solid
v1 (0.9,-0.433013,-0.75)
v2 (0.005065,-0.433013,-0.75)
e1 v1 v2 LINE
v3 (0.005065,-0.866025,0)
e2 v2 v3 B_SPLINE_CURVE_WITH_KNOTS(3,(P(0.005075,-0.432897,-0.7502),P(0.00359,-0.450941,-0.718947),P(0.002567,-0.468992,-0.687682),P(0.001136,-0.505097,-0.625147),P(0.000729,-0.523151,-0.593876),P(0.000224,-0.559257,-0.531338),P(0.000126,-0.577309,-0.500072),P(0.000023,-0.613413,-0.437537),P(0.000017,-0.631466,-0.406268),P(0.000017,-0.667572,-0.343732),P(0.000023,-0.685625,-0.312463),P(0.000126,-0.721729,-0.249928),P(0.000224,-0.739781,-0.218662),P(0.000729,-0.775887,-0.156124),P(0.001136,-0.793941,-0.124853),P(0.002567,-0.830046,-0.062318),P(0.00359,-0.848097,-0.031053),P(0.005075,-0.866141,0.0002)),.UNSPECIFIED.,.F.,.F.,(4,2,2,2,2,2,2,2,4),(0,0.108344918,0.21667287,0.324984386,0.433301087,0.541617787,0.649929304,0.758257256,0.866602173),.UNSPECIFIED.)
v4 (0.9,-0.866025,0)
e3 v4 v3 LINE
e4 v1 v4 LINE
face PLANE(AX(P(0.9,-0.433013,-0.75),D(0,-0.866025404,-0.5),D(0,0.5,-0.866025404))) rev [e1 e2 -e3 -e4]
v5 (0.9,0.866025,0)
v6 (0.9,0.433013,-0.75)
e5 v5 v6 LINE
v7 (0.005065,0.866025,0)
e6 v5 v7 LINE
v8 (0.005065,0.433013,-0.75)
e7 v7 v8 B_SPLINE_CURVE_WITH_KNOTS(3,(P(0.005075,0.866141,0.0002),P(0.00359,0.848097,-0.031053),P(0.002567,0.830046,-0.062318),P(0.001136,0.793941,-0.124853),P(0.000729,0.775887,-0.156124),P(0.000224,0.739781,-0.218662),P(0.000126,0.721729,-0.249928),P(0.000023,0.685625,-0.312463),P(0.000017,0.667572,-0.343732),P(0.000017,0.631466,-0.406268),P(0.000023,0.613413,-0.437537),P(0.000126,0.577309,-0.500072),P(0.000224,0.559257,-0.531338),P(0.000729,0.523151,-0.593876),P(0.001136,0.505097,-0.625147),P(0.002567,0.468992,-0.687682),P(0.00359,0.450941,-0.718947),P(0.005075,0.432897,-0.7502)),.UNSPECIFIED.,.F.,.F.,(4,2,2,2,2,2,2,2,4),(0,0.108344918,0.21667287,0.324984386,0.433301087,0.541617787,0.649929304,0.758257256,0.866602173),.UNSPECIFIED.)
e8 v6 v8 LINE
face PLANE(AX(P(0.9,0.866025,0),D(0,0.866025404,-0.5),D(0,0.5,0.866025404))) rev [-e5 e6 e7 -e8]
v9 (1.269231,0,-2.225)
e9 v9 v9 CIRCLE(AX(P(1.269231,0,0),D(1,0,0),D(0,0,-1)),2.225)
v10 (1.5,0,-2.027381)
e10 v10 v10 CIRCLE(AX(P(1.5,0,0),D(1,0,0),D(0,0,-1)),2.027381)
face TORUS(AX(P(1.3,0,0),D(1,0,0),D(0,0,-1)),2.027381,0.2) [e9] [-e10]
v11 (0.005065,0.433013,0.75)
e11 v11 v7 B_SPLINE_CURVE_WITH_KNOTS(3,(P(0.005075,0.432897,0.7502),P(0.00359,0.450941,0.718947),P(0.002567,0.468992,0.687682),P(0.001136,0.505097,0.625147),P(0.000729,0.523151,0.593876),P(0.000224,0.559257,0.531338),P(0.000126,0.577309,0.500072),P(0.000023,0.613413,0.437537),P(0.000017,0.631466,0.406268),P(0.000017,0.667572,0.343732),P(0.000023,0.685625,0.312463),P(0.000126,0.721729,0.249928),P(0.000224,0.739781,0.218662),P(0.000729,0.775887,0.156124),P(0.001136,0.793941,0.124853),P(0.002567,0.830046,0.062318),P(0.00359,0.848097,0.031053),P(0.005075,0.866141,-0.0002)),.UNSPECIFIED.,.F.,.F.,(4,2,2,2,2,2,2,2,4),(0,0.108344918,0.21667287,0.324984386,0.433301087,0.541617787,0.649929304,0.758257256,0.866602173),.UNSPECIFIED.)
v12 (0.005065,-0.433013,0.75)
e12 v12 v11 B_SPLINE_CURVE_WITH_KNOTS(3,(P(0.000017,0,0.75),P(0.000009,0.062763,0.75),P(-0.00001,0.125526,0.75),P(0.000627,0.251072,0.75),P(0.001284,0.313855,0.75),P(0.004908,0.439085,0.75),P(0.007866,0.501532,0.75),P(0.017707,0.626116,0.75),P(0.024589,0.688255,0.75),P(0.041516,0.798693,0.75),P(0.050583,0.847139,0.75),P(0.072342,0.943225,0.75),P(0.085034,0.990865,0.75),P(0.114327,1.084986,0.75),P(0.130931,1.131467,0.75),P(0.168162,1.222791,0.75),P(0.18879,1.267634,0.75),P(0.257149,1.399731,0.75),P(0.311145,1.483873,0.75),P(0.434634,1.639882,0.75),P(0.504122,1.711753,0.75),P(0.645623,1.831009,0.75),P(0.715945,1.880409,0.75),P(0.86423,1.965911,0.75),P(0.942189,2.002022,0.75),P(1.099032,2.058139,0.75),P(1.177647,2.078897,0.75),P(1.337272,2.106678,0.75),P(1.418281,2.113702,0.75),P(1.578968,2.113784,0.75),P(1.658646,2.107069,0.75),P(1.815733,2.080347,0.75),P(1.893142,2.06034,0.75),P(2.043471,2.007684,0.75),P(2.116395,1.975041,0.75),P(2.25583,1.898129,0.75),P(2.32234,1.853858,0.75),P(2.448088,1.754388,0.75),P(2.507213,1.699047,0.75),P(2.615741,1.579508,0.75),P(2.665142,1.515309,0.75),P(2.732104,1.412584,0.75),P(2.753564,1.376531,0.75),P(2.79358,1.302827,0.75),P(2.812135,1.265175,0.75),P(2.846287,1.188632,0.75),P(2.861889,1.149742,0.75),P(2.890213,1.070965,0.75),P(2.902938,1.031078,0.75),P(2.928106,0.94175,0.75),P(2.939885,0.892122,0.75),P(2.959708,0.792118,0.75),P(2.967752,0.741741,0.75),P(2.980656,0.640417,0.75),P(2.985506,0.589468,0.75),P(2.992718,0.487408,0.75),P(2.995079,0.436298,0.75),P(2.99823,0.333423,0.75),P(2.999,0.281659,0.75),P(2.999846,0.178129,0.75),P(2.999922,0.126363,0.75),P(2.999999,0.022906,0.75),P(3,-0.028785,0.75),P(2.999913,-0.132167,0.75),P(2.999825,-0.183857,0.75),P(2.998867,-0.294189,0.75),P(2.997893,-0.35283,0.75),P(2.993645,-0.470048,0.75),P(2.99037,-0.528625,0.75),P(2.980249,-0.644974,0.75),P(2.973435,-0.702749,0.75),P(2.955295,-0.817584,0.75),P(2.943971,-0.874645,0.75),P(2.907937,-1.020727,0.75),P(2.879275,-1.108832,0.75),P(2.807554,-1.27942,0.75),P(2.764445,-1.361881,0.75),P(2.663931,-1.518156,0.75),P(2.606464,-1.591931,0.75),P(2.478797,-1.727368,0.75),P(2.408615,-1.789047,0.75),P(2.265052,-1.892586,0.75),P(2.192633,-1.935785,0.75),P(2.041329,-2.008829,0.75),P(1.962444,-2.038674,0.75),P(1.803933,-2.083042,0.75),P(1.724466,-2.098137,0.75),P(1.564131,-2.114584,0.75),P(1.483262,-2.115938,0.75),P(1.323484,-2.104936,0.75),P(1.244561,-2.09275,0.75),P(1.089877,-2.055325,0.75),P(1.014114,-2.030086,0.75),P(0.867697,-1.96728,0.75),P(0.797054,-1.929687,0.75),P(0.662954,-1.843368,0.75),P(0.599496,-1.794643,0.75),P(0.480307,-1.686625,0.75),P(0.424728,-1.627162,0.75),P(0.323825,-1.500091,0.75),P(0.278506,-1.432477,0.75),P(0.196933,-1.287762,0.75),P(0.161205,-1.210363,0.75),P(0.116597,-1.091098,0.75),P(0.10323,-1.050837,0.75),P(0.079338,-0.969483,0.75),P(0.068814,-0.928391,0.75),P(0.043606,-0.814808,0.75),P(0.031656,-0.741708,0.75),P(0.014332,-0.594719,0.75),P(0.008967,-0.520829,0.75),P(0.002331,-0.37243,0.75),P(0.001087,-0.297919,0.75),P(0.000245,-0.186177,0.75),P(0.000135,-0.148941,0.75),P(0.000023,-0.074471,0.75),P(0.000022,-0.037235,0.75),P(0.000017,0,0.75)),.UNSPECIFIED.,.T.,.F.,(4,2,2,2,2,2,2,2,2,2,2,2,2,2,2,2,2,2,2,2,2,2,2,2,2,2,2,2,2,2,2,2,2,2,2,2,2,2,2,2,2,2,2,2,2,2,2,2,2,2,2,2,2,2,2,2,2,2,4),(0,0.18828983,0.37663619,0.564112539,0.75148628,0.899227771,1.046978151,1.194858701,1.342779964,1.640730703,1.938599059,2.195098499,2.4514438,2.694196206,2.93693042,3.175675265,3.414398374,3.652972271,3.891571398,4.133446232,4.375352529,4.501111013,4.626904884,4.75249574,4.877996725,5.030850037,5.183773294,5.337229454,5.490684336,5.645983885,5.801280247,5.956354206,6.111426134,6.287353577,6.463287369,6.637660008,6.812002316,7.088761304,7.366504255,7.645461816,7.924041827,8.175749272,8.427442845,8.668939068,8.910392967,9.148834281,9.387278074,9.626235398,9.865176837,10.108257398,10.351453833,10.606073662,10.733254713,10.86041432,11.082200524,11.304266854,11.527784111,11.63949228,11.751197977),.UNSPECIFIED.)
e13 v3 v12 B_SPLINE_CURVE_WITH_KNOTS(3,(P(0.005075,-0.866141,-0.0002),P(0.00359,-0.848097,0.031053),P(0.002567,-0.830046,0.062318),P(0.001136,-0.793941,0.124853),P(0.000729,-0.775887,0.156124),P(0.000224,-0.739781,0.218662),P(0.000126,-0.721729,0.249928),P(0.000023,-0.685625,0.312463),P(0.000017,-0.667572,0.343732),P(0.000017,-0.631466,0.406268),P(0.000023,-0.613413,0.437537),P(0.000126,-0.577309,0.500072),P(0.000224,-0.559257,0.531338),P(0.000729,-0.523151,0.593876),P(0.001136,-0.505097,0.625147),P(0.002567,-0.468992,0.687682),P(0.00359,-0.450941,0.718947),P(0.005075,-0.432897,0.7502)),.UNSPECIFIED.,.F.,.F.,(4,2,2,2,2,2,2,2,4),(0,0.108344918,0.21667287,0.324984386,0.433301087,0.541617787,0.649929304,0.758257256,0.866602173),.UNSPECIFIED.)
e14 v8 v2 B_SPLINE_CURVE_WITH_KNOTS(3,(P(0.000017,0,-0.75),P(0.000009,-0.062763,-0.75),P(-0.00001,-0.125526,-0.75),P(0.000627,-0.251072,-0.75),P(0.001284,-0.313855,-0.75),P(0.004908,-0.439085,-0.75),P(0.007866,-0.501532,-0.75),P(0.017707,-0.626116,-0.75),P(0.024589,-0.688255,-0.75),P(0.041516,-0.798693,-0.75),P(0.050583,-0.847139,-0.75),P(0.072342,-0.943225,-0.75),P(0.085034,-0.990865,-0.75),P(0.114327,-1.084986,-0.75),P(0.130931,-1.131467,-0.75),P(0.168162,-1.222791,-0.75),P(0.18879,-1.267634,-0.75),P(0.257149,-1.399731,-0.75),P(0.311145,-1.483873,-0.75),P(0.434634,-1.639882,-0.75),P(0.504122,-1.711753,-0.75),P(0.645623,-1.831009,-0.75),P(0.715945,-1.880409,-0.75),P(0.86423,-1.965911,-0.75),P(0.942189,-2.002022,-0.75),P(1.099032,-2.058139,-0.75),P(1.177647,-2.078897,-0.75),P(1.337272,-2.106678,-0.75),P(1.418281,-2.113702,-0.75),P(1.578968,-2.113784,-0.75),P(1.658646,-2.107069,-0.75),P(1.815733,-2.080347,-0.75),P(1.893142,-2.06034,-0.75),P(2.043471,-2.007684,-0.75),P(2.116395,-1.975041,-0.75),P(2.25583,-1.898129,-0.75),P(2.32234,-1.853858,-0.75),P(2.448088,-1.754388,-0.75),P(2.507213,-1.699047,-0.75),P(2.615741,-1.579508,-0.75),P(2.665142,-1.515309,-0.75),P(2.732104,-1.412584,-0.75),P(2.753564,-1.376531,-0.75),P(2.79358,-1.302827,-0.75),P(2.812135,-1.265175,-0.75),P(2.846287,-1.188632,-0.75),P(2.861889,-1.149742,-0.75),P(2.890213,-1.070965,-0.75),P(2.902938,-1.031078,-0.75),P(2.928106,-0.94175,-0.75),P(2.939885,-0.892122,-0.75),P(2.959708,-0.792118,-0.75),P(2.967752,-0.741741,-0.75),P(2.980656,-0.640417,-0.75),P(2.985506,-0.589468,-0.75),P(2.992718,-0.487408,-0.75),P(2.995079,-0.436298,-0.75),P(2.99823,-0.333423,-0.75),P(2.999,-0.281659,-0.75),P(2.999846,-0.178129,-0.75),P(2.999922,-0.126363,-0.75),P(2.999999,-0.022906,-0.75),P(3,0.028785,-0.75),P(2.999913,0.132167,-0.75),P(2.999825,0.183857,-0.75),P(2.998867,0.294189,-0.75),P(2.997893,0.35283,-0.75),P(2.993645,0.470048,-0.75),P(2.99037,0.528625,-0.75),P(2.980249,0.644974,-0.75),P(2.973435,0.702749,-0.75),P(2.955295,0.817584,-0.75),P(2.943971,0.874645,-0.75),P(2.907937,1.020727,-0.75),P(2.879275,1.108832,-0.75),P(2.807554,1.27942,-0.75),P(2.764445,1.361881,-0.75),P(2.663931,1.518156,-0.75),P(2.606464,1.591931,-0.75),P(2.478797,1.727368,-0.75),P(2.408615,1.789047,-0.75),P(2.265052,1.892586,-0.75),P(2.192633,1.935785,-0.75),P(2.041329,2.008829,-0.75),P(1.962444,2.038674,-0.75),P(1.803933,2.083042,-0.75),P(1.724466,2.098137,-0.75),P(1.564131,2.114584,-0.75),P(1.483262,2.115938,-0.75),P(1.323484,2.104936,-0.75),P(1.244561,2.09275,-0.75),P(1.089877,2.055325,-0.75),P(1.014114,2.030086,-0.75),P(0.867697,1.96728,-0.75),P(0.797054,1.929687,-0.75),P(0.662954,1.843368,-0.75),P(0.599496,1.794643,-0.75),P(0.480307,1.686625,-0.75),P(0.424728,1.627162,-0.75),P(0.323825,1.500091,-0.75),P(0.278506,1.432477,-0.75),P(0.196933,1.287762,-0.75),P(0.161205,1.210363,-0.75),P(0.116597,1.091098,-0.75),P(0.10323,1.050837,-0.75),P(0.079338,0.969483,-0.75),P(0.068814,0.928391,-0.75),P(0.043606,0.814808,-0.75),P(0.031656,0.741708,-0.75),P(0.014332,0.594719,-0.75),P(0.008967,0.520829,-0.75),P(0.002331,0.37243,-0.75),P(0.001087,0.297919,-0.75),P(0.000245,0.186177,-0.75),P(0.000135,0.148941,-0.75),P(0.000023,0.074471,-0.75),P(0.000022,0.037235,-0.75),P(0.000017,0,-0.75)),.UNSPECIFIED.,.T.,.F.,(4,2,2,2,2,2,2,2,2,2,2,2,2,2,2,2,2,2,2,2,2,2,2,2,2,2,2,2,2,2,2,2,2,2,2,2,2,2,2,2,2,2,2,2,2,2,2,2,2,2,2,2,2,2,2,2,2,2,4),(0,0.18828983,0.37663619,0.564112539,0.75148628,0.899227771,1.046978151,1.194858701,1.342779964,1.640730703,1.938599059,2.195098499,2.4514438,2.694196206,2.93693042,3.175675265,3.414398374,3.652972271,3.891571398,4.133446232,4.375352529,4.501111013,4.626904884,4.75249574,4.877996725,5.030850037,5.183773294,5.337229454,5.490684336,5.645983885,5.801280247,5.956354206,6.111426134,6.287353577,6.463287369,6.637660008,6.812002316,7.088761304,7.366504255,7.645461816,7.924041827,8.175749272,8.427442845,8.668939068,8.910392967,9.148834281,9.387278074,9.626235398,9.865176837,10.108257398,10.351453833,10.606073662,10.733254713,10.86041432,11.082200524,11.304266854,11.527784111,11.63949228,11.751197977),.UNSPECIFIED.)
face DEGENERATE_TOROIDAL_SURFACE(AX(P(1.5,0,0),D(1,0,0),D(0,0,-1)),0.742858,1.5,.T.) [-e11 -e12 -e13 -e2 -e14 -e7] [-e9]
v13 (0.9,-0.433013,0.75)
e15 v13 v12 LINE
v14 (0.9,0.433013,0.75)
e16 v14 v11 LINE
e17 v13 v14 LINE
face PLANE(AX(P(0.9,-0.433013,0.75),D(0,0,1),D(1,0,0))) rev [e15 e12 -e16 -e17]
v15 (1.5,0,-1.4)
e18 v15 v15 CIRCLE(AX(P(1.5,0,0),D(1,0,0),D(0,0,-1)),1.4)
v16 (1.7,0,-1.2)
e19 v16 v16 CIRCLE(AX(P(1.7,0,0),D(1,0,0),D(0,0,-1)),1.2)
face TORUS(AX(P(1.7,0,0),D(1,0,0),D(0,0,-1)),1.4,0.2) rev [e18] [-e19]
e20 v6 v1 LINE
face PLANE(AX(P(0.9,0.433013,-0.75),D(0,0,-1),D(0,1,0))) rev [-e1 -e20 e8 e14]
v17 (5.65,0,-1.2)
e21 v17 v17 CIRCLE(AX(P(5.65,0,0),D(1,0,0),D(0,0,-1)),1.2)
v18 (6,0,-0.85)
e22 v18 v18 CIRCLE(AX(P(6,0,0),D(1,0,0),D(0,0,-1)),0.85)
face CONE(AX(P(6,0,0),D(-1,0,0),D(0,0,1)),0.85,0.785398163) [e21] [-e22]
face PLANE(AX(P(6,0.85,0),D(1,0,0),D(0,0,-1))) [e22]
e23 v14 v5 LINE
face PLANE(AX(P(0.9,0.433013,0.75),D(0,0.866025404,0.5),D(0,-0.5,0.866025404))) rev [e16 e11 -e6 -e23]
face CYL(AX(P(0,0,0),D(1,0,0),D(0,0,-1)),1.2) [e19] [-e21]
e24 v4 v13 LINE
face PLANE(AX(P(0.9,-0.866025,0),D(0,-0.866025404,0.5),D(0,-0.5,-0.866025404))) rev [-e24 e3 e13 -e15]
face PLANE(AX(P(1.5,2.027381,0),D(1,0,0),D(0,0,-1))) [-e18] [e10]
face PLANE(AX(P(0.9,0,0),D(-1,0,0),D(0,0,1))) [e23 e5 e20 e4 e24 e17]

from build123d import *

# Parameters (mm, degrees)
CUT_EXTRUDE1_DEPTH = 0.9


with BuildPart() as part:
    # Sketch1 → Revolve1 (revolve)
    with BuildSketch(Plane.XY):
        with BuildLine():
            Line((0, 0), (0, 0.742857779))
            ThreePointArc((0, 0.742857779), (0.360668212, 1.718523233), (1.269230769, 2.225))
            ThreePointArc((1.269230769, 2.225), (1.430088727, 2.179291942), (1.5, 2.027381037))
            Line((1.5, 2.027381037), (1.5, 1.4))
            ThreePointArc((1.5, 1.4), (1.558578644, 1.258578644), (1.7, 1.2))
            Line((1.7, 1.2), (5.65, 1.2))
            Line((5.65, 1.2), (6, 0.85))
            Line((6, 0.85), (6, 0))
            Line((6, 0), (0, 0))
        make_face()
    revolve(axis=Axis((0, 0, 0), (-1, 0, 0)))

    # Sketch2 → Cut-Extrude1 (cut)
    with BuildSketch(Plane.ZY):
        Polygon((0.75, -0.433012702), (0.75, 0.433012702), (0, 0.866025404), (-0.75, 0.433012702), (-0.75, -0.433012702), (0, -0.866025404), align=None)
    extrude(amount=-CUT_EXTRUDE1_DEPTH, mode=Mode.SUBTRACT)


solid = part.part
